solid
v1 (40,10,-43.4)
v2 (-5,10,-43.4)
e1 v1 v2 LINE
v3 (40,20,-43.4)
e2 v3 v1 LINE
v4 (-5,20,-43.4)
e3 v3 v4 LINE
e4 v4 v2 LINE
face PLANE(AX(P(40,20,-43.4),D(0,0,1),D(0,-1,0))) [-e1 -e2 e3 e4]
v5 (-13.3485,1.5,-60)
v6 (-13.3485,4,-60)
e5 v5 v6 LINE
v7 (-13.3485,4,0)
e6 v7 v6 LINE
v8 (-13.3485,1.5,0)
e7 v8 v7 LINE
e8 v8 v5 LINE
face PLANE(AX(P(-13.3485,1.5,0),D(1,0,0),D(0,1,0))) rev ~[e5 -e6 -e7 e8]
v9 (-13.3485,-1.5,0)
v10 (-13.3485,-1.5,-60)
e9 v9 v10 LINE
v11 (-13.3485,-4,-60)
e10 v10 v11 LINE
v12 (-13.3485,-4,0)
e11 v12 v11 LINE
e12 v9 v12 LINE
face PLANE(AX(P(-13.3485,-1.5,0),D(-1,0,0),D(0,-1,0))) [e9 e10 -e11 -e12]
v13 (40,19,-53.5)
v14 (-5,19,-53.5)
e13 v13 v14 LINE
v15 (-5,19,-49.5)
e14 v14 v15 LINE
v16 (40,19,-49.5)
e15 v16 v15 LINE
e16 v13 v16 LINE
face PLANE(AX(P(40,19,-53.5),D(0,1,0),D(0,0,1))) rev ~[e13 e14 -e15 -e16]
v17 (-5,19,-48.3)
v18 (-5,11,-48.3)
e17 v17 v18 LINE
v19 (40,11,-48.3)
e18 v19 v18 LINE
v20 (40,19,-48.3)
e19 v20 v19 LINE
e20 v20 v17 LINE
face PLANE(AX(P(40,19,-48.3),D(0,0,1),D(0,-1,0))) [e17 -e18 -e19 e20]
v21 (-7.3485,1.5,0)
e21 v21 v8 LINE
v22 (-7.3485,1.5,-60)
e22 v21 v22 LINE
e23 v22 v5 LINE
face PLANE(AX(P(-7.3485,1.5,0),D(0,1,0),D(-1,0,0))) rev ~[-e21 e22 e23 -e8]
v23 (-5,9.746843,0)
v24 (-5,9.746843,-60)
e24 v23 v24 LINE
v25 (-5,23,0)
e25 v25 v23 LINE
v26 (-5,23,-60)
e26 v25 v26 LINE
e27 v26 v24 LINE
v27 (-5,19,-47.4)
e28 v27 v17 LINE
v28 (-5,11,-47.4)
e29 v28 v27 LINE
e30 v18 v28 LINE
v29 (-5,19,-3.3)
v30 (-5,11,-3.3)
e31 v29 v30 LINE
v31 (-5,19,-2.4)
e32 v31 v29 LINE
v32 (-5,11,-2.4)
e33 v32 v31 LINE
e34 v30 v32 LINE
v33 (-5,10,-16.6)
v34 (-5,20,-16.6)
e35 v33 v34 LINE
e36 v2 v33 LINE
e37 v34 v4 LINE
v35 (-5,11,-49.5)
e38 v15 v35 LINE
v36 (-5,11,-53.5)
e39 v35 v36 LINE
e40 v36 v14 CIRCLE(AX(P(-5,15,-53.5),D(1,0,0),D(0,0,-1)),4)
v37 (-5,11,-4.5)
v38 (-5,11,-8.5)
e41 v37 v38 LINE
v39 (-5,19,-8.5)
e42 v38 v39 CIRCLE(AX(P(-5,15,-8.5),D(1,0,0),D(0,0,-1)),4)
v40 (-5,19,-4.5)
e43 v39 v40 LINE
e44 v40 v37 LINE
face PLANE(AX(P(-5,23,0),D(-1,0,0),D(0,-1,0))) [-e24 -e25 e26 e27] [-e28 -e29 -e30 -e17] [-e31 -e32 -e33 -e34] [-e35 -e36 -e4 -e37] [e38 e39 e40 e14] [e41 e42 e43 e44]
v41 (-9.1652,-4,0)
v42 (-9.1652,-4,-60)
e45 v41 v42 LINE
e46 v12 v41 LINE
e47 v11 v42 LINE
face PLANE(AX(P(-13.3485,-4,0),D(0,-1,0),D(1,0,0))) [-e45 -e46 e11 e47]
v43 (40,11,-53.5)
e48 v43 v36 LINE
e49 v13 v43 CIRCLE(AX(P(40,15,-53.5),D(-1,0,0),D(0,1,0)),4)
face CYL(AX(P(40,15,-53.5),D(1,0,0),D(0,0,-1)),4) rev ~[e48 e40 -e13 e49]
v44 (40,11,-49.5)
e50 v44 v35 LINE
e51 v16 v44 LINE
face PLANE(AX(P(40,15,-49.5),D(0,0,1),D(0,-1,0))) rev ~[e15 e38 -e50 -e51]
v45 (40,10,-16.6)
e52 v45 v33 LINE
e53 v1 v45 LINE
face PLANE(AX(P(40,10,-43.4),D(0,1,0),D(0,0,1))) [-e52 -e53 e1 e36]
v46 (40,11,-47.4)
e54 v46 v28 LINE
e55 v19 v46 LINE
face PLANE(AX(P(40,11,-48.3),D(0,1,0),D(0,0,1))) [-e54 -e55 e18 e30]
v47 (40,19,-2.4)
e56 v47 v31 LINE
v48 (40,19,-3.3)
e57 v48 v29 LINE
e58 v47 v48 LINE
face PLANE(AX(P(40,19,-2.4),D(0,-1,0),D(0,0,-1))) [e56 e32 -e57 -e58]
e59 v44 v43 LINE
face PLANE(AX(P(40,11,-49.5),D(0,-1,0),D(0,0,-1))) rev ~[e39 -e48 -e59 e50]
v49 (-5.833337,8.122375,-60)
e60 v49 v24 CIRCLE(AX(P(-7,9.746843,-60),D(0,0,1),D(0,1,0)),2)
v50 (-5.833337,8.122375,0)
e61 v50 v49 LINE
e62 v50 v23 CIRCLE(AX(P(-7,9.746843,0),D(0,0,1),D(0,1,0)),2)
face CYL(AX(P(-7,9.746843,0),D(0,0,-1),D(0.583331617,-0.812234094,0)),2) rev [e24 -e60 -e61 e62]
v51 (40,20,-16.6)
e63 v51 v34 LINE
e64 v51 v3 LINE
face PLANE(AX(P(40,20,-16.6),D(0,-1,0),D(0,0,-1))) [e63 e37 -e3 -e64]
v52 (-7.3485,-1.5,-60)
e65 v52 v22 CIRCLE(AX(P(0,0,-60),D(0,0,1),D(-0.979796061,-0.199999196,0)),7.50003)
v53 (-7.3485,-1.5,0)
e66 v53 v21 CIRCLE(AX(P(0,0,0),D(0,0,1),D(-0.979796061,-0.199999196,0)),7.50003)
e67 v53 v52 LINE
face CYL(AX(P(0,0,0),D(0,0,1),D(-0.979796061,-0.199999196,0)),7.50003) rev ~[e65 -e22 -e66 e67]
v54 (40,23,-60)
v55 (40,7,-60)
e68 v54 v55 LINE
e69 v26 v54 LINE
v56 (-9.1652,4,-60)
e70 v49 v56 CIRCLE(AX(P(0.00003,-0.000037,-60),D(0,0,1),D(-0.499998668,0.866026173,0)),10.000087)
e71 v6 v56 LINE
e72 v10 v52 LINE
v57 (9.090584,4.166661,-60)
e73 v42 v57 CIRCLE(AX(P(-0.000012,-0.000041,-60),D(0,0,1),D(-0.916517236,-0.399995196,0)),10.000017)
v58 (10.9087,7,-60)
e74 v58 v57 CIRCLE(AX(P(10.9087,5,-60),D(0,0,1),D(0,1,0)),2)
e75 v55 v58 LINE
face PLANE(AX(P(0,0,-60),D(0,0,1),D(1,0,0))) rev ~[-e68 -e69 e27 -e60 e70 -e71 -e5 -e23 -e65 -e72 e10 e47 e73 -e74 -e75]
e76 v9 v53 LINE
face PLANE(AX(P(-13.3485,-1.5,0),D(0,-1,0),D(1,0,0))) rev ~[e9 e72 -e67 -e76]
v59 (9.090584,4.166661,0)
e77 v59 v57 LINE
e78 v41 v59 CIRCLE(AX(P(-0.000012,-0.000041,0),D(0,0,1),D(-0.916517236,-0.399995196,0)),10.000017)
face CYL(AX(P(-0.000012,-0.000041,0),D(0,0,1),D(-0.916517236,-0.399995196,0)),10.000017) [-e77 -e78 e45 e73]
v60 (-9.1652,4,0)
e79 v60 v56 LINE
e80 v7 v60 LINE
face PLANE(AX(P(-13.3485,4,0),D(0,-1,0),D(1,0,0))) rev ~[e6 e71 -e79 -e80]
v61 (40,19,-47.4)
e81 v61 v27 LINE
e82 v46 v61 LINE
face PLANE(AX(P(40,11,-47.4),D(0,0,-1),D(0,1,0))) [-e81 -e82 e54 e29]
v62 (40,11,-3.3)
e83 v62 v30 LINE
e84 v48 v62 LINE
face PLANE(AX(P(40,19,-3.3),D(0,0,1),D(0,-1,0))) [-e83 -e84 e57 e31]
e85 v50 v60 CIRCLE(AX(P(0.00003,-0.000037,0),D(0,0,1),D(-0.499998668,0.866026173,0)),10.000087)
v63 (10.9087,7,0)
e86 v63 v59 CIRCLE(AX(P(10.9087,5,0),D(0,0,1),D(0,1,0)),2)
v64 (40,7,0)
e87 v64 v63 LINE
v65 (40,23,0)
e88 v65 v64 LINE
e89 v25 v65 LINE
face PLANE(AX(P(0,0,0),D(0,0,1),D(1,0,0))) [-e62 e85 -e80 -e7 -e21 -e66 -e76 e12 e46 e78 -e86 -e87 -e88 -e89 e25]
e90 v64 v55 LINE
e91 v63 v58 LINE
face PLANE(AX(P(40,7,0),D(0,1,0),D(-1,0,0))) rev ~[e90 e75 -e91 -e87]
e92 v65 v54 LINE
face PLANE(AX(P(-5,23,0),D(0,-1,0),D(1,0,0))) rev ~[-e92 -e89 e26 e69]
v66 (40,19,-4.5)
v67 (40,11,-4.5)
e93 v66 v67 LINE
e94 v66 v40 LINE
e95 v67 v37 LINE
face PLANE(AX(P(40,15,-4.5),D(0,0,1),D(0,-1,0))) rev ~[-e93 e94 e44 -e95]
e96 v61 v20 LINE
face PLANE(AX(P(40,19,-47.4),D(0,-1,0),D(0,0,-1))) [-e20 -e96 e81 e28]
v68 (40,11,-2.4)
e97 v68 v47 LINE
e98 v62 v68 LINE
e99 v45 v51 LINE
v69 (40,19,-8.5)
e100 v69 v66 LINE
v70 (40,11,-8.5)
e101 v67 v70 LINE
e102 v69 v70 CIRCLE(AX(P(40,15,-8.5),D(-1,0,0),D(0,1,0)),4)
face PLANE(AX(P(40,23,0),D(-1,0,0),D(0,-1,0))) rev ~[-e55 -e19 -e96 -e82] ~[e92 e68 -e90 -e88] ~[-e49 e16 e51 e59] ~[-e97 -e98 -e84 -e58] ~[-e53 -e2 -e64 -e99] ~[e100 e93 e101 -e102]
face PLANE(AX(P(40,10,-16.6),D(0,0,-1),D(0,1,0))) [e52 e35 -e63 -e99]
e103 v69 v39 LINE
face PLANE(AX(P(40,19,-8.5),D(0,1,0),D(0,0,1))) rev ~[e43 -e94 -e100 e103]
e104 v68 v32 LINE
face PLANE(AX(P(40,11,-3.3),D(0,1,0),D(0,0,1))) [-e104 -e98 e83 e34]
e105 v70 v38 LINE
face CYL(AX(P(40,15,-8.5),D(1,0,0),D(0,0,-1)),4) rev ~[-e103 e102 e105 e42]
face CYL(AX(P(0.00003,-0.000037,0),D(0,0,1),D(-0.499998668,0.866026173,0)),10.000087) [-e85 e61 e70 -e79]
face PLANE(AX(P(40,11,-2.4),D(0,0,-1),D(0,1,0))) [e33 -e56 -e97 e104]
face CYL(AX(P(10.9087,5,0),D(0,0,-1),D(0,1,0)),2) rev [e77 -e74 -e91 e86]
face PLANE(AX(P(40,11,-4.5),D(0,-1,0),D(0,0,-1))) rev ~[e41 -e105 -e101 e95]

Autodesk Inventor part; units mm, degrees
ref_plane "YZ Plane" through (0, 0, 0) normal (1, 0, 0) x (0, 1, 0)
ref_plane "XZ Plane" through (0, 0, 0) normal (0, 1, 0) x (-1, 0, 0)
sketch "Sketch2" plane through (0, 0, 0) normal (0, 0, 1) x (1, 0, 0)
  line L0 (0, 0) -> (25, 0) construction
  circle A0 centre (0, 0) radius 7.5 construction
  line L1 (15.1273, 0) -> (20.0637, 8.55) construction
  line L2 (20.0637, 8.55) -> (29.9363, 8.55) construction
  line L3 (29.9363, 8.55) -> (34.8727, 0) construction
  line L4 (34.8727, 0) -> (29.9363, -8.55) construction
  line L5 (29.9363, -8.55) -> (20.0637, -8.55) construction
  line L6 (20.0637, -8.55) -> (15.1273, 0) construction
  line L7 (0, 0) -> (0, 26) construction
  line L8 (0, 26) -> (25, 26) construction
  line L9 (-7.3485, 1.5) -> (-13.3485, 1.5)
  line L10 (-13.3485, 1.5) -> (-13.3485, -1.5) construction
  line L11 (-13.3485, -1.5) -> (-7.3485, -1.5)
  line L12 (-13.3485, -1.5) -> (-13.3485, -4)
  line L13 (-13.3485, 1.5) -> (-13.3485, 4)
  line L14 (-5, 23) -> (-5, 8.6603)
  arc A1 (-5, 8.6603) -> (-9.1652, 4) centre (0, 0) ccw
  line L15 (-13.3485, 4) -> (-9.1652, 4)
  line L16 (-13.3485, -4) -> (-9.1652, -4)
  arc A2 (-9.1652, 4) -> (-9.1652, -4) centre (0, 0) ccw construction
  arc A3 (-9.1652, -4) -> (7.1414, 7) centre (0, 0) ccw
  line L17 (-5, 23) -> (40, 23)
  arc A4 (-7.3485, -1.5) -> (-7.3485, 1.5) centre (0, 0) ccw
  circle A5 centre (25, 0) radius 5 construction
  circle A6 centre (25, 0) radius 6 construction
  line L18 (40, 23) -> (40, 7)
  line L19 (40, 7) -> (7.1414, 7)
  line L20 (40, 15) -> (-5, 15) construction
  line L21 (40, 19) -> (-5, 19) construction
  line L22 (-5, 11) -> (40, 11) construction
  dimension "d32" = 25
  dimension "d33" = 15
  dimension "d34" = 17.1
  dimension "d35" = 26
  dimension "d36" = 6
  dimension "d37" = 2.5
  dimension "d38" = 3
  dimension "d39" = 2.5
  dimension "d40" = 3
  dimension "d41" = 10
  dimension "d42" = 1
  dimension "d43" = 16
  dimension "d44" = 8
  dimension "d45" = 5
  dimension "d46" = 45
extrude "Extrusion6" add sketch "Sketch2" against normal blind 60
fillet "Fillet1" radius 2 2 edges at (7.1414, 7, -30) (-5, 8.6603, -30)
ref_plane "Work Plane1" through (0, 0, -30) normal (0, 0, 1) x (1, 0, 0)
sketch "Sketch4" plane through (40, 7, 0) normal (1, 0, 0) x (0, 0, -1)
  line L0 (0, 16) -> (0, 0) projected
  line L1 (60, 16) -> (60, 0) projected
  line L2 (0, 8) -> (60, 8) construction
  circle A0 centre (8.5, 8) radius 4
  line L3 (4.5, 4) -> (8.5, 4)
  line L4 (8.5, 4) -> (8.5, 12)
  line L5 (8.5, 12) -> (4.5, 12)
  line L6 (4.5, 12) -> (4.5, 4)
  line L7 (4.5, 4) -> (8.5, 12) construction
  line L8 (8.5, 4) -> (4.5, 12) construction
  line L9 (3.3, 4) -> (2.4, 4)
  line L10 (2.4, 4) -> (2.4, 12)
  line L11 (2.4, 12) -> (3.3, 12)
  line L12 (3.3, 12) -> (3.3, 4)
  line L13 (3.3, 4) -> (2.4, 12) construction
  line L14 (2.4, 4) -> (3.3, 12) construction
  circle A1 centre (53.5, 8) radius 4
  line L15 (49.5, 4) -> (53.5, 4)
  line L16 (53.5, 4) -> (53.5, 12)
  line L17 (53.5, 12) -> (49.5, 12)
  line L18 (49.5, 12) -> (49.5, 4)
  line L19 (49.5, 4) -> (53.5, 12) construction
  line L20 (53.5, 4) -> (49.5, 12) construction
  line L21 (48.3, 4) -> (47.4, 4)
  line L22 (47.4, 4) -> (47.4, 12)
  line L23 (47.4, 12) -> (48.3, 12)
  line L24 (48.3, 12) -> (48.3, 4)
  line L25 (48.3, 4) -> (47.4, 12) construction
  line L26 (47.4, 4) -> (48.3, 12) construction
  line L27 (43.4, 3) -> (16.6, 3)
  line L28 (16.6, 3) -> (16.6, 13)
  line L29 (16.6, 13) -> (43.4, 13)
  line L30 (43.4, 13) -> (43.4, 3)
  line L31 (43.4, 3) -> (16.6, 13) construction
  line L32 (16.6, 3) -> (43.4, 13) construction
  line L33 (47.4, 8) -> (43.4, 8) construction
  line L34 (12.5, 8) -> (16.6, 8) construction
  point P0 (0, -7)
  point P1 (6.5, 8)
  point P2 (2.85, 8)
  point P3 (51.5, 8)
  point P4 (47.85, 8)
  point P5 (30, 8)
  dimension "d52" = 8
  dimension "d53" = 0.9
  dimension "d54" = 1.2
  dimension "d55" = 2.4
  dimension "d58" = 45
  dimension "d63" = 10
  dimension "d65" = 4
extrude "Extrusion7" cut sketch "Sketch4" against normal up to next
properties part number "X_base"
